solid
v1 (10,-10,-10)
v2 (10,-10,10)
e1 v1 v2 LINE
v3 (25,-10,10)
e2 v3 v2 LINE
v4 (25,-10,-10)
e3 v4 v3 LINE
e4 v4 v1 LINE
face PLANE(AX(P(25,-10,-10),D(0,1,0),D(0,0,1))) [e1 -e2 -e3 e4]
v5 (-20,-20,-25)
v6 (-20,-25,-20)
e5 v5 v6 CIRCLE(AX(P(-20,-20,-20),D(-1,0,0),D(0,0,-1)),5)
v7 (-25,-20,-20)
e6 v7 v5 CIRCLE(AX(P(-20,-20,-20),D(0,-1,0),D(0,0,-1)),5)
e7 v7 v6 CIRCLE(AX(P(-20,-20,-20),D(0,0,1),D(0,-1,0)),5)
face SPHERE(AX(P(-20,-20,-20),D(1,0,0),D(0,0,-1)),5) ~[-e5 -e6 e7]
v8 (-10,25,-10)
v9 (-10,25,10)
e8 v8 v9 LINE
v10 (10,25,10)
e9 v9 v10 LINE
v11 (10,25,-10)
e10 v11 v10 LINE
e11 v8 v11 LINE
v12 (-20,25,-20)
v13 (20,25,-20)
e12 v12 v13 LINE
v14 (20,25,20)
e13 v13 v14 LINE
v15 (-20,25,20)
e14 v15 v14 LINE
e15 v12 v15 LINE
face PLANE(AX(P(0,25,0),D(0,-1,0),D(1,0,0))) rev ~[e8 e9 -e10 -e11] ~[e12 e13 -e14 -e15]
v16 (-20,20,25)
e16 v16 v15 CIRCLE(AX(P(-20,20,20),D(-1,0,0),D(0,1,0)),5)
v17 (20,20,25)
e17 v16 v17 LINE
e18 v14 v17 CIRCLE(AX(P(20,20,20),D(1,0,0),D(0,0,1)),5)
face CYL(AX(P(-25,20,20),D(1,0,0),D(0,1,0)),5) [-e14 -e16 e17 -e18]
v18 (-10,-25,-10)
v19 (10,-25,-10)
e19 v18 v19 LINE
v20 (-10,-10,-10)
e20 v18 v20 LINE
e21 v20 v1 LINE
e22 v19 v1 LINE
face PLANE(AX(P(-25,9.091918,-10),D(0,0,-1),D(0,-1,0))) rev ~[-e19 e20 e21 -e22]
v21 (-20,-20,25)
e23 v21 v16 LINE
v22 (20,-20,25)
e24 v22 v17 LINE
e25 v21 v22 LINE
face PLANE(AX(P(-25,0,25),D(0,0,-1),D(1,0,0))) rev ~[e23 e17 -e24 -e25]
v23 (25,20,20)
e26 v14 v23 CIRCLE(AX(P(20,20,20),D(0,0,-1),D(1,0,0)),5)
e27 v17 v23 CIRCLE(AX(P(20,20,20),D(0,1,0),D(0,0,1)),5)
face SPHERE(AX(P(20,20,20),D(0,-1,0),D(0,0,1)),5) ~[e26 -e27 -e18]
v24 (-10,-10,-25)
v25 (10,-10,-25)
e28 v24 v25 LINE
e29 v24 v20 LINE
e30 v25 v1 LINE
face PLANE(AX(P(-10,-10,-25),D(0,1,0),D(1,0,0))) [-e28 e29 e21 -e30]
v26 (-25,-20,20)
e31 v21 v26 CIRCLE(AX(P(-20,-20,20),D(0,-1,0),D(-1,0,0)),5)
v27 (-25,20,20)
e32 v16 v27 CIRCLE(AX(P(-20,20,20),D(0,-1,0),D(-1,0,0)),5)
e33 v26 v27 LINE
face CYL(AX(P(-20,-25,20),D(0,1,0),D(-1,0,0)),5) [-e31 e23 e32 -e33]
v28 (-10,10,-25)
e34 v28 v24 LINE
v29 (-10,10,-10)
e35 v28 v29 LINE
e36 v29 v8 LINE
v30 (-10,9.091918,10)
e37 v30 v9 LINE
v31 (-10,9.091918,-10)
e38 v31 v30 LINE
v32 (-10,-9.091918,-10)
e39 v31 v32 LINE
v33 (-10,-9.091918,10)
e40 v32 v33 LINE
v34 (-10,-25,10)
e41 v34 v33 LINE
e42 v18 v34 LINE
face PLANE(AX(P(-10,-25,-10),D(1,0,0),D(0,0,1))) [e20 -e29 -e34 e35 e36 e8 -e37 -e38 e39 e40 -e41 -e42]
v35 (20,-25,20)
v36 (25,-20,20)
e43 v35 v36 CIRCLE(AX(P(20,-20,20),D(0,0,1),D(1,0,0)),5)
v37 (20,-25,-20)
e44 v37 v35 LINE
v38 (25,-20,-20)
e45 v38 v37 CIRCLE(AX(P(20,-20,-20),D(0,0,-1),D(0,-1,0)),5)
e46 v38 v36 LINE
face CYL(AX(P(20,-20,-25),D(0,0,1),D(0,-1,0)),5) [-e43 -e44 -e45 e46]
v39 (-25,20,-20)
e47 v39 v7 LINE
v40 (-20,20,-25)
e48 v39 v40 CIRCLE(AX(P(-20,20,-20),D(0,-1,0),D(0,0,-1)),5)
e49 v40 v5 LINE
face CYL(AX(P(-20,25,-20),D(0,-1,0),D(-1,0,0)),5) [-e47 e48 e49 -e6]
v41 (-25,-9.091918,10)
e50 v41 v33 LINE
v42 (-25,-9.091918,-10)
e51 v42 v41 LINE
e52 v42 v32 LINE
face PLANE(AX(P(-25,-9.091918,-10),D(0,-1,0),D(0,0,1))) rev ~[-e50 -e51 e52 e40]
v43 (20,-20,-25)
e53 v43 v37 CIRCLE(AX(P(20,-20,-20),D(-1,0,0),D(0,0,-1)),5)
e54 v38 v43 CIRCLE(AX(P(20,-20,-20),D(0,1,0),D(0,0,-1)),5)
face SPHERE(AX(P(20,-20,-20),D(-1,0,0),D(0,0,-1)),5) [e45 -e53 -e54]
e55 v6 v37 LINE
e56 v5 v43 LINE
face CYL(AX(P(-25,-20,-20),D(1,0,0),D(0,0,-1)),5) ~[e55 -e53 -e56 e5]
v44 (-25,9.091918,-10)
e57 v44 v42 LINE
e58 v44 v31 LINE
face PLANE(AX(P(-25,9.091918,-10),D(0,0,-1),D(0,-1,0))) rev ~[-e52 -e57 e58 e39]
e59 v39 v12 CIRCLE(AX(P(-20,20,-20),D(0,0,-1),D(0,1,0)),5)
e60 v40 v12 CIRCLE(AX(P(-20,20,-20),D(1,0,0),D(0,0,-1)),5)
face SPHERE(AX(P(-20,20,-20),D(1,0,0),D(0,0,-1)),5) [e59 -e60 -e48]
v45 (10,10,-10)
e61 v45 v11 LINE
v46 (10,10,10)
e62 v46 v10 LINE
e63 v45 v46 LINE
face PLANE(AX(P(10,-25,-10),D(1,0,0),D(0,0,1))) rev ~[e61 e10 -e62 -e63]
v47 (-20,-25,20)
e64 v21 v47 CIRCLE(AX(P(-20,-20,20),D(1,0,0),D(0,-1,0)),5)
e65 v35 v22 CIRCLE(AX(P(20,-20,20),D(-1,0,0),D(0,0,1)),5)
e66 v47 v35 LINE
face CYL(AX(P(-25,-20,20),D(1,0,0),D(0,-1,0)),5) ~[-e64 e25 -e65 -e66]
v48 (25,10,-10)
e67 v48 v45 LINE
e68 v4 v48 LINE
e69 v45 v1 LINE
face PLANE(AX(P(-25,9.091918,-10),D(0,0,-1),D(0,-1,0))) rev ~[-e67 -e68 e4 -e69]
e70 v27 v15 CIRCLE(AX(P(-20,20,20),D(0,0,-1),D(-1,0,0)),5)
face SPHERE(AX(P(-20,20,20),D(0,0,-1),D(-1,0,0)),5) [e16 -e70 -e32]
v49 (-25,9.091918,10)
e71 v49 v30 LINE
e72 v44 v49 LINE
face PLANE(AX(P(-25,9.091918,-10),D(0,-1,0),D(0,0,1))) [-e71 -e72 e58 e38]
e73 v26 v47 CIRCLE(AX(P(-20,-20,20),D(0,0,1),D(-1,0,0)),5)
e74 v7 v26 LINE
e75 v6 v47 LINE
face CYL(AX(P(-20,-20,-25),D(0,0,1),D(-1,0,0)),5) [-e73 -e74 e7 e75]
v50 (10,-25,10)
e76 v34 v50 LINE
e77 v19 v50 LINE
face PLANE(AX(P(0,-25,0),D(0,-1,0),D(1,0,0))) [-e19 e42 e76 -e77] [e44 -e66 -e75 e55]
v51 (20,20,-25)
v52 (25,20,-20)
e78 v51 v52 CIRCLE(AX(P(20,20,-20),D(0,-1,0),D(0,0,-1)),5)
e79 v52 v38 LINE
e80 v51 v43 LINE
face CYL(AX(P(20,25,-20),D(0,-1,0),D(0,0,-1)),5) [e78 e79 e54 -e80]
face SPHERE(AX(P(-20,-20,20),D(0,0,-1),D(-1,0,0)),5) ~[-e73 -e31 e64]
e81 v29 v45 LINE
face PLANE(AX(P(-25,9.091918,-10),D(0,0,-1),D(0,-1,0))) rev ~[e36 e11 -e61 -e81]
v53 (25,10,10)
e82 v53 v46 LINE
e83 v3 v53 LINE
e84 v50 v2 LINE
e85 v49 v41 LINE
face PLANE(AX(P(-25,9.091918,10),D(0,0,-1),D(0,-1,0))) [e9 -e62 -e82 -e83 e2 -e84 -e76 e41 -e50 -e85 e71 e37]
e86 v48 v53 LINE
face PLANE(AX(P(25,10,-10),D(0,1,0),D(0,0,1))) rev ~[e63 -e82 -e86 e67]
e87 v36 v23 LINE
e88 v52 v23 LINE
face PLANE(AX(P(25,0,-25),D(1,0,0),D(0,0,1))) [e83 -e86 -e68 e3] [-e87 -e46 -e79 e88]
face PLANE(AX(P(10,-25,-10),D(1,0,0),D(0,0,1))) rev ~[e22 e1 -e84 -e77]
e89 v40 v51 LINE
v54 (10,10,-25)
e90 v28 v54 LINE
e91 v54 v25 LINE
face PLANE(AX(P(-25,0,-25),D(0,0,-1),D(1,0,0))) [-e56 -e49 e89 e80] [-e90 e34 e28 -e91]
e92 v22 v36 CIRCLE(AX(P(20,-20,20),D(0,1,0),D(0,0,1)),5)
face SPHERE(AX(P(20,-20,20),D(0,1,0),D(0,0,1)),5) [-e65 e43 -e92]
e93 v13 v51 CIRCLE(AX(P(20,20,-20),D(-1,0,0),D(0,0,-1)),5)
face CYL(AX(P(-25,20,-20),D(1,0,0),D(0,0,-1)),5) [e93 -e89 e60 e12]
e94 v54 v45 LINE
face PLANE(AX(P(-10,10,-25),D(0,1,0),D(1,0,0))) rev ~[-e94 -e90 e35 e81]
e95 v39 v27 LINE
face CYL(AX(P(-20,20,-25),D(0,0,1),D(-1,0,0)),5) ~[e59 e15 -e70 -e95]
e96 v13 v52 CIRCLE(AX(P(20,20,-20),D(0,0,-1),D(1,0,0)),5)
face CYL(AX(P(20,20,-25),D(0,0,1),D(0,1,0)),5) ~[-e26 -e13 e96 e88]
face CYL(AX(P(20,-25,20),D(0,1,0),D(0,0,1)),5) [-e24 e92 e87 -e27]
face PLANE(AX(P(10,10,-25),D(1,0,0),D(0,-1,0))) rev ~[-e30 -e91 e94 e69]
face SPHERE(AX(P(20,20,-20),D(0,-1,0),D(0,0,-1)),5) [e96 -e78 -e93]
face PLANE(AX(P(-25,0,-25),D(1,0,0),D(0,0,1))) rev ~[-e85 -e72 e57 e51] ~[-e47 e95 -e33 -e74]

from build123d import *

# Parameters (mm, degrees)
F0_W      = 50
F0_H      = 50
F1_DEPTH  = 25
F2_W      = 20
F2_H      = 20
F3_DEPTH  = 50
F4_W      = 20
F4_H      = 20
F5_DEPTH  = 15
F6_W      = 18.1838367134
F6_H      = 20
F7_DEPTH  = 15
F8_R      = 5
F9_W      = 20
F9_H      = 20
F10_DEPTH = 15


with BuildPart() as f1:
    # F0 (on Front) → F1 (new body, symmetric)
    with BuildSketch(Plane.XZ):
        Rectangle(F0_W, F0_H)
    extrude(amount=F1_DEPTH, both=True)

    # F2 (on face) → F3 (cut, through all)
    with BuildSketch(Plane.XZ.offset(25)):
        Rectangle(F2_W, F2_H)
    extrude(amount=-F3_DEPTH, mode=Mode.SUBTRACT)

    # F4 (on face) → F5 (cut, through all)
    with BuildSketch(Plane.YZ.offset(25)):
        Rectangle(F4_W, F4_H)
    extrude(amount=-F5_DEPTH, mode=Mode.SUBTRACT)

    # F6 (on face) → F7 (cut, through all)
    with BuildSketch(Plane(origin=(-25, 0, 0), x_dir=(0, -1, 0), z_dir=(-1, 0, 0))):
        Rectangle(F6_W, F6_H)
    extrude(amount=-F7_DEPTH, mode=Mode.SUBTRACT)

    # F8
    f8_edges = [f1.edges().sort_by_distance(p)[0] for p in [
        (0, -25, -25),
        (25, 0, -25),
        (0, 25, -25),
        (-25, 0, -25),
        (-25, -25, 0),
        (-25, 25, 0),
        (-25, 0, 25),
        (25, 0, 25),
        (0, 25, 25),
        (0, -25, 25),
        (25, -25, 0),
        (25, 25, 0),
    ]]
    fillet(f8_edges, radius=F8_R)

    # F9 (on face) → F10 (cut, through all)
    with BuildSketch(Plane(origin=(0, 0, -25), x_dir=(1, 0, 0), z_dir=(0, 0, -1))):
        Rectangle(F9_W, F9_H)
    extrude(amount=-F10_DEPTH, mode=Mode.SUBTRACT)


solid = f1.part
